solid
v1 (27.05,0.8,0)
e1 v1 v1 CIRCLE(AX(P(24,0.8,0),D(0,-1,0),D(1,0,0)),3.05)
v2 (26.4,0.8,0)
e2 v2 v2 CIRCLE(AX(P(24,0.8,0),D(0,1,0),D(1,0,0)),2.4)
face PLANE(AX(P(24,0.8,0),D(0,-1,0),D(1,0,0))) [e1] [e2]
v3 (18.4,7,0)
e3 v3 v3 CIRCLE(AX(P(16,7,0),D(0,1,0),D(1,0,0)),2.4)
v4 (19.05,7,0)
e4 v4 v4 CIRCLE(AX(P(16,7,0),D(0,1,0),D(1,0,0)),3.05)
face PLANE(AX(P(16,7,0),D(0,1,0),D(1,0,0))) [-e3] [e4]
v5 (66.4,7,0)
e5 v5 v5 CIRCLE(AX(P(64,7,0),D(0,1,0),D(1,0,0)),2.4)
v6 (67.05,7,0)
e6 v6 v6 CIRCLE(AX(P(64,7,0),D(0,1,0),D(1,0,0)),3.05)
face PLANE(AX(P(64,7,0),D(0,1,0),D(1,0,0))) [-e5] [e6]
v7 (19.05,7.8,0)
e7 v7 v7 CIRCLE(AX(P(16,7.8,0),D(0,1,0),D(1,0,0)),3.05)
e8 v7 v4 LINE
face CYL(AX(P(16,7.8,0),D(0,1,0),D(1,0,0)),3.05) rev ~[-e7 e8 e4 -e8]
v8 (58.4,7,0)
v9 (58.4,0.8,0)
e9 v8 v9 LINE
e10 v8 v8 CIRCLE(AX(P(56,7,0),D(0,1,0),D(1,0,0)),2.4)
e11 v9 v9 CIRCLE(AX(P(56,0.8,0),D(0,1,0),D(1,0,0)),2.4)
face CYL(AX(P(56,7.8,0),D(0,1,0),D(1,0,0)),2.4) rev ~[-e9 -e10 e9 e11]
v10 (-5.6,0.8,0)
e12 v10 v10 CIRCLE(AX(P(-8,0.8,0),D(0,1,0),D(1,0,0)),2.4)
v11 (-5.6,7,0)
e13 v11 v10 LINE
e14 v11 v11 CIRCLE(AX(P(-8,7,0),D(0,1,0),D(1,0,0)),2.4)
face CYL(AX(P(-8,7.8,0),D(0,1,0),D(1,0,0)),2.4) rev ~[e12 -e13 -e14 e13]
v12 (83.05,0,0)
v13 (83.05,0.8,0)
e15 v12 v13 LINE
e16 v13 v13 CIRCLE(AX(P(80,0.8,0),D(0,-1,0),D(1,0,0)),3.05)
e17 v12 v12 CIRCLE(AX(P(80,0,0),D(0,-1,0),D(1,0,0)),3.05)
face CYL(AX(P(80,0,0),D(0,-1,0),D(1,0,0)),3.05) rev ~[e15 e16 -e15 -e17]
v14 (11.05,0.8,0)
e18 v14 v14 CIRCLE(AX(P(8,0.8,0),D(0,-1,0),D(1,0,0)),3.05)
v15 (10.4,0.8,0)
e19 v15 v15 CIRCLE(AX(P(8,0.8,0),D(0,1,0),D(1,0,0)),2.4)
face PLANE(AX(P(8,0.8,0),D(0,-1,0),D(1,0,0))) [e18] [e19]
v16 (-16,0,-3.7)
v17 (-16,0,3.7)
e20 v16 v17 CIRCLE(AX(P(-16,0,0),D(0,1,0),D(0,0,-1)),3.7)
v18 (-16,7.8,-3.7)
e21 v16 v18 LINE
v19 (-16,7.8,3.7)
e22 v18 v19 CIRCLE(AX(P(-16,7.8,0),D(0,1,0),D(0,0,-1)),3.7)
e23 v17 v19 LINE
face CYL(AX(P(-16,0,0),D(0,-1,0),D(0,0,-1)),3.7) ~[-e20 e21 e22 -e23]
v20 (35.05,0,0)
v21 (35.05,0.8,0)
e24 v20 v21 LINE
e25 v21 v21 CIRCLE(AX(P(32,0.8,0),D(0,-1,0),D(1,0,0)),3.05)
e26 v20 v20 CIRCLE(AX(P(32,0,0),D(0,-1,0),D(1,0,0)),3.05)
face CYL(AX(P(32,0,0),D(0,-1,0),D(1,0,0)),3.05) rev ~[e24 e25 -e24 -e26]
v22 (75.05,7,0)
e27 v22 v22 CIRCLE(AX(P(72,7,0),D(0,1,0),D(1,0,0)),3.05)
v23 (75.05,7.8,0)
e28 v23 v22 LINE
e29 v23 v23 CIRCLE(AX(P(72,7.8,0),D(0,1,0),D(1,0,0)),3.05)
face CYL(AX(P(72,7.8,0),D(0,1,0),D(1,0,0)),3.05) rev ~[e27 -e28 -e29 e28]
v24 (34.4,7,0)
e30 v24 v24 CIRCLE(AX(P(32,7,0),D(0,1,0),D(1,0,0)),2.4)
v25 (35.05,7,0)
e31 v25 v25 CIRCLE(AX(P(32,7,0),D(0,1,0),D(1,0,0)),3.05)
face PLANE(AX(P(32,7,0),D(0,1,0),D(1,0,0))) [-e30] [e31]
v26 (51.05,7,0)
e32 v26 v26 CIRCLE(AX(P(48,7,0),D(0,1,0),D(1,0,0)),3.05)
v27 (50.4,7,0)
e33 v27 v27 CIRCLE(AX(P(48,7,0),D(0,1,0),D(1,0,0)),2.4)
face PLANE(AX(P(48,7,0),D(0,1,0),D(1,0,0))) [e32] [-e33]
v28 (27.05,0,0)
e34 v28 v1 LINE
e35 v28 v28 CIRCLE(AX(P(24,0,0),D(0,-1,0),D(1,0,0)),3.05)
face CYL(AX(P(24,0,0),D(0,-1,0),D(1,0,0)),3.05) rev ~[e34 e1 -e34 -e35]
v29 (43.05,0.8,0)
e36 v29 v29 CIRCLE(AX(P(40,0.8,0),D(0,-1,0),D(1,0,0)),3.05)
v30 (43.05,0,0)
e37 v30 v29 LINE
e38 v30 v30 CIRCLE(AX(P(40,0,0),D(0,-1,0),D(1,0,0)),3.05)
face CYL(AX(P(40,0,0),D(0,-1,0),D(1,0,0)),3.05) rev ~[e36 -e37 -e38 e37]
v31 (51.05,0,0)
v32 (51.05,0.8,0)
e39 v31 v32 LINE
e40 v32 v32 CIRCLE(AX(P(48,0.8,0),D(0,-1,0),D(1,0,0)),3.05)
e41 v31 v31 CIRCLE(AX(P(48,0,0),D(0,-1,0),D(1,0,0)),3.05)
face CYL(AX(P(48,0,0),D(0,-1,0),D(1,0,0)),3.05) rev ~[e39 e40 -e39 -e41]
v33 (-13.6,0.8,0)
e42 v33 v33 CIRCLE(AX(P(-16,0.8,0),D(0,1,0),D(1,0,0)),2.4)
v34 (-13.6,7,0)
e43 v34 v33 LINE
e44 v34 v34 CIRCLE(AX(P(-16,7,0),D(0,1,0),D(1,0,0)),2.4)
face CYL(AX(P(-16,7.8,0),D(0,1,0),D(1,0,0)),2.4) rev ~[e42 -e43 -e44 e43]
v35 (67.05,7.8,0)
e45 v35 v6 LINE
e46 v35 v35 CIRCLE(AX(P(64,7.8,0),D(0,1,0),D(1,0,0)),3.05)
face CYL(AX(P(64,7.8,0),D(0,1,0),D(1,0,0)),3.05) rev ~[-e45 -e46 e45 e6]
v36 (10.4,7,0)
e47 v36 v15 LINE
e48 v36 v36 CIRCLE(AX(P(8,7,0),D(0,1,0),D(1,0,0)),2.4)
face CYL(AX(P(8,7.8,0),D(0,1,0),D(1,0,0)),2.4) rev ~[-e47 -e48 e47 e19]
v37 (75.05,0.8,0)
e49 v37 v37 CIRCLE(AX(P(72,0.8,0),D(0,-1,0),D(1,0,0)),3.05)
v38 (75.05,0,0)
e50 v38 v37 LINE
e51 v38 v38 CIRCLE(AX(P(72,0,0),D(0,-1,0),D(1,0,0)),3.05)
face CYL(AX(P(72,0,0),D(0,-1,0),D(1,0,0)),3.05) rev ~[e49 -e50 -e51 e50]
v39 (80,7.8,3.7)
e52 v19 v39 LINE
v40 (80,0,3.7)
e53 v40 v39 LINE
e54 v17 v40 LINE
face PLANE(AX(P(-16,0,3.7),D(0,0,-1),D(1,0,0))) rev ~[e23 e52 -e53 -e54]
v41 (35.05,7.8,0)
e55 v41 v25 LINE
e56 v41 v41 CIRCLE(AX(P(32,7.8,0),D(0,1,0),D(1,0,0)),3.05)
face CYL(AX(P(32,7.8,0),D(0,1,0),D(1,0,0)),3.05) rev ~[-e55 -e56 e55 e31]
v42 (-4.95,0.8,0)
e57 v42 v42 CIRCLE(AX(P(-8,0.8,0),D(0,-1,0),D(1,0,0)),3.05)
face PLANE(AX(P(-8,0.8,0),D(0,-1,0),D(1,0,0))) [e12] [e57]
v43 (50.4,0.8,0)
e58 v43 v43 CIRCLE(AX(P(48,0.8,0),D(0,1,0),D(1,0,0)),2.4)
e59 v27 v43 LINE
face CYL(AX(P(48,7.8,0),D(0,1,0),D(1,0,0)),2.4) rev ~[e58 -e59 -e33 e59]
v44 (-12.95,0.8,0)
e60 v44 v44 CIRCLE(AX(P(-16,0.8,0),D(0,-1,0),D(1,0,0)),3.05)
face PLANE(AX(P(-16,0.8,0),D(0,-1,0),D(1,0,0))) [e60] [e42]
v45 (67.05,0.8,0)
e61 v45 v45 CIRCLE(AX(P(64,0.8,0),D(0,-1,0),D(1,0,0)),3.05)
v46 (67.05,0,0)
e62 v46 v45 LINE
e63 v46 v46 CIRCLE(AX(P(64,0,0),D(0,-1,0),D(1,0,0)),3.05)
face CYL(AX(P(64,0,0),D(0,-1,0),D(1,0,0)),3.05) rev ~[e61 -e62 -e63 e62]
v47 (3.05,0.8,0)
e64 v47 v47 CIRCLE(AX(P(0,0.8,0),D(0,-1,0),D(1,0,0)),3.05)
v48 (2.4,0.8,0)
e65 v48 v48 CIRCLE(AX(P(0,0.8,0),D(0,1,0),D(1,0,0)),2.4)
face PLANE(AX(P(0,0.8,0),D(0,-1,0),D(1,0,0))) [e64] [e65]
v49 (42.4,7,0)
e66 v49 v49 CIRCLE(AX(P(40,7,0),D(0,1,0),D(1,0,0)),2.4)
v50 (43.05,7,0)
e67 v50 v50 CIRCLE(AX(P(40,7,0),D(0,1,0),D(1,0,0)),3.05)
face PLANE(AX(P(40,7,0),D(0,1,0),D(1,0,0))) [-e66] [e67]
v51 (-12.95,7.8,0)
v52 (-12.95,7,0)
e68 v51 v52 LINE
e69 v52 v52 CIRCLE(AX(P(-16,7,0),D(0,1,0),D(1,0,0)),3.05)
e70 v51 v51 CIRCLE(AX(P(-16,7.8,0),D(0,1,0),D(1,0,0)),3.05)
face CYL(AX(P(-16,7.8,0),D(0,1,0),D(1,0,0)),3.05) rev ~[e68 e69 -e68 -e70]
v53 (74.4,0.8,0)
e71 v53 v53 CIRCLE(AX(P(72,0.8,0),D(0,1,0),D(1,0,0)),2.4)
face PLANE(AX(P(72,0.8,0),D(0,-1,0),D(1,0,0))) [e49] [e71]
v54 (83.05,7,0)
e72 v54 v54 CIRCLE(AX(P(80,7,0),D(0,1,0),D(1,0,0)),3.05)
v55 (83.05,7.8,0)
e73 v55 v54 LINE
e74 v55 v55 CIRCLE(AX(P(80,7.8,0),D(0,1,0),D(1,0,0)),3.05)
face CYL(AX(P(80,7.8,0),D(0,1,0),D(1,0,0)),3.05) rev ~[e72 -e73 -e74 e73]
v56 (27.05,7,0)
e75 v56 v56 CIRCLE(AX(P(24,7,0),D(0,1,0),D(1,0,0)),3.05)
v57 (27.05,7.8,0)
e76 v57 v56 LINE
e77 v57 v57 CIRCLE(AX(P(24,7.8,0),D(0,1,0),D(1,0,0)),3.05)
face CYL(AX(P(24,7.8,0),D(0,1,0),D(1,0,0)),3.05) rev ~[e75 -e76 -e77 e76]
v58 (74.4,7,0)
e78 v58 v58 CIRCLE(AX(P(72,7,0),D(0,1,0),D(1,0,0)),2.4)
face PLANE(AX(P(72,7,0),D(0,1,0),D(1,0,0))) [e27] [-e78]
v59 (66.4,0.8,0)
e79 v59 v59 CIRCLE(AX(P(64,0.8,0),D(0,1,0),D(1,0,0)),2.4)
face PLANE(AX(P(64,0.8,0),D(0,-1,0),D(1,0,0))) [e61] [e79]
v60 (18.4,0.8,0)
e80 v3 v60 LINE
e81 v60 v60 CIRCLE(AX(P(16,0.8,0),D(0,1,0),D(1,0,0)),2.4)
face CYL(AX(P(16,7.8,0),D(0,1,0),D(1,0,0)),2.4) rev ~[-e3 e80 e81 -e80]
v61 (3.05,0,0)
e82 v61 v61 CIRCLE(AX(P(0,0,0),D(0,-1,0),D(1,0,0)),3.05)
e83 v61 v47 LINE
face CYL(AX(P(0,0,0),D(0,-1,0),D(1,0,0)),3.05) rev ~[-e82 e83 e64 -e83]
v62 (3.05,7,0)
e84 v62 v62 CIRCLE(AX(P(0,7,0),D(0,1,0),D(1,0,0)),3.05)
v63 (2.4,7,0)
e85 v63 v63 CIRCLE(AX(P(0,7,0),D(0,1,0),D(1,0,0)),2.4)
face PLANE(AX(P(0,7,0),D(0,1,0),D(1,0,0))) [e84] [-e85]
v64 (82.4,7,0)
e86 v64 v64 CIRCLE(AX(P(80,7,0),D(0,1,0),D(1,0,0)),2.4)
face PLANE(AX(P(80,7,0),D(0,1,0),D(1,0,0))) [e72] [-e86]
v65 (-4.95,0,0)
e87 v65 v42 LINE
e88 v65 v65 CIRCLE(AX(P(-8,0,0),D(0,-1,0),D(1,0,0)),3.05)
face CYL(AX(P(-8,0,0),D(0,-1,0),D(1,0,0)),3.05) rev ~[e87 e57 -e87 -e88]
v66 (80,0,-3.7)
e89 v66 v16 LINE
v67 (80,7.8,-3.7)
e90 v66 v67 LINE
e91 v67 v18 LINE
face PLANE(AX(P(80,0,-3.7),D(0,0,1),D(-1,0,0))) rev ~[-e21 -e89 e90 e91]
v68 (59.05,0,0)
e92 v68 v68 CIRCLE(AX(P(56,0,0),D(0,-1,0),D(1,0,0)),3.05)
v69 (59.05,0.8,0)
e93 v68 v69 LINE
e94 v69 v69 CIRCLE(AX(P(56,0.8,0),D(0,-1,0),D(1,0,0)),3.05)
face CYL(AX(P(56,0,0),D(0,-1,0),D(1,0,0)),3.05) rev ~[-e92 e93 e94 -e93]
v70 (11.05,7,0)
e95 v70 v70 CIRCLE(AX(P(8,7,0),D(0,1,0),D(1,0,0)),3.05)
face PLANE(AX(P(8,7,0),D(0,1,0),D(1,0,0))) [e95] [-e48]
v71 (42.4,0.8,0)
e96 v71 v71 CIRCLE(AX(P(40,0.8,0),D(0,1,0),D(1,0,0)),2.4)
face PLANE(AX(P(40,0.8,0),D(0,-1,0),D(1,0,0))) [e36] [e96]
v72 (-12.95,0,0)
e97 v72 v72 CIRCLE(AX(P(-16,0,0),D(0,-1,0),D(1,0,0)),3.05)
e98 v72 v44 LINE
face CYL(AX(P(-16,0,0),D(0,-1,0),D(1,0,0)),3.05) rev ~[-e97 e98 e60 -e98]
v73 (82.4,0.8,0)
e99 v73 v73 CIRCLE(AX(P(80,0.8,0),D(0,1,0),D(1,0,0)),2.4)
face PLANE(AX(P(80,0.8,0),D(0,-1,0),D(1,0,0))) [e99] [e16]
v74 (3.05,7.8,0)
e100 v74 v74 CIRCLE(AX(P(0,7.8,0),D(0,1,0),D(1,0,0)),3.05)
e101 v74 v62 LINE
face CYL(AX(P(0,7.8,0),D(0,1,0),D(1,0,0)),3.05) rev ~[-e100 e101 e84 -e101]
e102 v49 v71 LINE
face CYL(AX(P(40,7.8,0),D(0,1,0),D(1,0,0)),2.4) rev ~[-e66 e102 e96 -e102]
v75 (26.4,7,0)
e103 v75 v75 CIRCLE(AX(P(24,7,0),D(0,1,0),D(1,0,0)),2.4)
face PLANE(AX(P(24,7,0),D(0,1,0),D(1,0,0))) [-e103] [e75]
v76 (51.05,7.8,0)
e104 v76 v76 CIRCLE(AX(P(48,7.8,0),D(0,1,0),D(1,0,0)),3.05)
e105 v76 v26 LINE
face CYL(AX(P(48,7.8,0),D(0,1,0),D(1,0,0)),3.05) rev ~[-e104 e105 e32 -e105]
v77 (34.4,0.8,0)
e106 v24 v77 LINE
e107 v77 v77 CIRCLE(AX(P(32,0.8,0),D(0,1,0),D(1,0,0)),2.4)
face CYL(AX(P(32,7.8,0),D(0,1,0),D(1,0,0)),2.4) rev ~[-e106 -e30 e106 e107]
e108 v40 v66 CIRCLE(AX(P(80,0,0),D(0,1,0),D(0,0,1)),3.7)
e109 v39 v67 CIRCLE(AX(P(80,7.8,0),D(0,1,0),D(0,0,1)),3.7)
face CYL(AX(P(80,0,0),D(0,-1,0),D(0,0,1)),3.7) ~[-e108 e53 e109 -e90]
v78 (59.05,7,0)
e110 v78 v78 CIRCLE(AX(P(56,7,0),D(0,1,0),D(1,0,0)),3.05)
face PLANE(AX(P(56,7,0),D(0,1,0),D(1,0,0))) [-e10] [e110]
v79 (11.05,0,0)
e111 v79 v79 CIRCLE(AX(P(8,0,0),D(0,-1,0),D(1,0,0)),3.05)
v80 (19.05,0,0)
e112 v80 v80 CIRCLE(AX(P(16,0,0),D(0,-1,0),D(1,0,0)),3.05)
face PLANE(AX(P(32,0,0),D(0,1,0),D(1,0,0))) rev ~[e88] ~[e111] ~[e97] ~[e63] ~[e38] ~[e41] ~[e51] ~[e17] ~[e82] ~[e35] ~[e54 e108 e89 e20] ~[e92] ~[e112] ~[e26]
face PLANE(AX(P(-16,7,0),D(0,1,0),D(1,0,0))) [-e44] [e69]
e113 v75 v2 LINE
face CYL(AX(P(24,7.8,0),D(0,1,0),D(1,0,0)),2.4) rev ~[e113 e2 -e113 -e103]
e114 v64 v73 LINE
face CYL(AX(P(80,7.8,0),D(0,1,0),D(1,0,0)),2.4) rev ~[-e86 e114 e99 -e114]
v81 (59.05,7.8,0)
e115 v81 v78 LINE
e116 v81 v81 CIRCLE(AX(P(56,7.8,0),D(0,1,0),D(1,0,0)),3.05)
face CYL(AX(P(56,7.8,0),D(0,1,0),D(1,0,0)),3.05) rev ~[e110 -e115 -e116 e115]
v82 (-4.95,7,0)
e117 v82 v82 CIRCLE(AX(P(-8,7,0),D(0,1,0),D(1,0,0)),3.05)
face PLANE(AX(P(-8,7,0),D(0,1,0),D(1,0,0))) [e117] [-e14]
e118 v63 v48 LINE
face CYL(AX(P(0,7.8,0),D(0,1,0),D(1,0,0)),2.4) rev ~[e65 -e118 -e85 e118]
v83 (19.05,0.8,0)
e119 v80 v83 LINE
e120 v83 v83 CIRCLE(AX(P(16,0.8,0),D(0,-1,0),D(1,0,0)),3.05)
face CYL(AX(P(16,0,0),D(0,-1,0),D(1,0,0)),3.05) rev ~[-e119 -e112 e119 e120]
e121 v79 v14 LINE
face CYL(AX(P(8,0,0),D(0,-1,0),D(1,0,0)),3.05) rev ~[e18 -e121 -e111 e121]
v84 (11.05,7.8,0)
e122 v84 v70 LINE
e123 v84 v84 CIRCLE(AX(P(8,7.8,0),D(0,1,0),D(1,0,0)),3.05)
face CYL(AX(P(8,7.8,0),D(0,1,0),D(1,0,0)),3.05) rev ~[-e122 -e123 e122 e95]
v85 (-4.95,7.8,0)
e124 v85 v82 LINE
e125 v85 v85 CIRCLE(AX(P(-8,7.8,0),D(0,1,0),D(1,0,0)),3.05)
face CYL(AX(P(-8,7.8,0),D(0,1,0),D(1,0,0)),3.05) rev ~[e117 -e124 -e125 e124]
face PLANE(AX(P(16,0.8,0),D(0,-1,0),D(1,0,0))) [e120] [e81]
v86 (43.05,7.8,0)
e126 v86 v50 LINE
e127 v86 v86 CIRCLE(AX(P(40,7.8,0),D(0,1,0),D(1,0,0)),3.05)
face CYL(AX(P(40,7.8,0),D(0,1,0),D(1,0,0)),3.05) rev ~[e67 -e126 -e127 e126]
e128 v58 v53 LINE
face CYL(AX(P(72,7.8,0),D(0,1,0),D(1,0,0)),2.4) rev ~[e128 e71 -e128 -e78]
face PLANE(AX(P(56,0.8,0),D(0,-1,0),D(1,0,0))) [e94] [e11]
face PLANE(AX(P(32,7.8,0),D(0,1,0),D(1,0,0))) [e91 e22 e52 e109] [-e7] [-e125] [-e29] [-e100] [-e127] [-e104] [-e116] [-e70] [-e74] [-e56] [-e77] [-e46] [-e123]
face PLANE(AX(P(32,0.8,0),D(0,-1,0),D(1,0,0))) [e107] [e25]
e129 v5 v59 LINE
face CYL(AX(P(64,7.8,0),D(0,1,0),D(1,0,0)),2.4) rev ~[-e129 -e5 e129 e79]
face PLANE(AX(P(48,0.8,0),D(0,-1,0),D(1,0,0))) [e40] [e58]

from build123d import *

# Parameters (mm, degrees)
BOSS_EXTRUDE3_DEPTH = 7.8
SKETCH2_R           = 2.4
CUT_EXTRUDE4_DEPTH  = 7.8
SKETCH3_R           = 3.05
CUT_EXTRUDE5_DEPTH  = 0.8
SKETCH4_R           = 3.05
CUT_EXTRUDE6_DEPTH  = 0.8


with BuildPart() as part:
    # Sketch1 → Boss-Extrude3 (new body)
    with BuildSketch(Plane(origin=(0, 0, 0), x_dir=(1, 0, 0), z_dir=(0, 1, 0))):
        with BuildLine():
            Line((-16, -3.7), (80, -3.7))
            ThreePointArc((80, -3.7), (83.7, 0), (80, 3.7))
            Line((80, 3.7), (-16, 3.7))
            ThreePointArc((-16, 3.7), (-19.7, 0), (-16, -3.7))
        make_face()
    extrude(amount=BOSS_EXTRUDE3_DEPTH)

    # Sketch2 → Cut-Extrude4 (cut)
    with BuildSketch(Plane(origin=(0, 7.8, 0), x_dir=(1, 0, 0), z_dir=(0, 1, 0))):
        Circle(SKETCH2_R)
        with Locations((8, 0)):
            Circle(SKETCH2_R)
        with Locations((16, 0)):
            Circle(SKETCH2_R)
        with Locations((-16, 0)):
            Circle(SKETCH2_R)
        with Locations((-8, 0)):
            Circle(SKETCH2_R)
        with Locations((24, 0)):
            Circle(SKETCH2_R)
        with Locations((32, 0)):
            Circle(SKETCH2_R)
        with Locations((40, 0)):
            Circle(SKETCH2_R)
        with Locations((48, 0)):
            Circle(SKETCH2_R)
        with Locations((56, 0)):
            Circle(SKETCH2_R)
        with Locations((64, 0)):
            Circle(SKETCH2_R)
        with Locations((72, 0)):
            Circle(SKETCH2_R)
        with Locations((80, 0)):
            Circle(SKETCH2_R)
    extrude(amount=-CUT_EXTRUDE4_DEPTH, mode=Mode.SUBTRACT)

    # Sketch3 → Cut-Extrude5 (cut)
    with BuildSketch(Plane(origin=(0, 7.8, 0), x_dir=(1, 0, 0), z_dir=(0, 1, 0))):
        Circle(SKETCH3_R)
        with Locations((8, 0)):
            Circle(SKETCH3_R)
        with Locations((16, 0)):
            Circle(SKETCH3_R)
        with Locations((-16, 0)):
            Circle(SKETCH3_R)
        with Locations((-8, 0)):
            Circle(SKETCH3_R)
        with Locations((32, 0)):
            Circle(SKETCH3_R)
        with Locations((24, 0)):
            Circle(SKETCH3_R)
        with Locations((40, 0)):
            Circle(SKETCH3_R)
        with Locations((48, 0)):
            Circle(SKETCH3_R)
        with Locations((56, 0)):
            Circle(SKETCH3_R)
        with Locations((64, 0)):
            Circle(SKETCH3_R)
        with Locations((72, 0)):
            Circle(SKETCH3_R)
        with Locations((80, 0)):
            Circle(SKETCH3_R)
    extrude(amount=-CUT_EXTRUDE5_DEPTH, mode=Mode.SUBTRACT)

    # Sketch4 → Cut-Extrude6 (cut)
    with BuildSketch(Plane.XZ):
        Circle(SKETCH4_R)
        with Locations((8, 0)):
            Circle(SKETCH4_R)
        with Locations((16, 0)):
            Circle(SKETCH4_R)
        with Locations((-16, 0)):
            Circle(SKETCH4_R)
        with Locations((-8, 0)):
            Circle(SKETCH4_R)
        with Locations((32, 0)):
            Circle(SKETCH4_R)
        with Locations((24, 0)):
            Circle(SKETCH4_R)
        with Locations((40, 0)):
            Circle(SKETCH4_R)
        with Locations((48, 0)):
            Circle(SKETCH4_R)
        with Locations((56, 0)):
            Circle(SKETCH4_R)
        with Locations((64, 0)):
            Circle(SKETCH4_R)
        with Locations((72, 0)):
            Circle(SKETCH4_R)
        with Locations((80, 0)):
            Circle(SKETCH4_R)
    extrude(amount=-CUT_EXTRUDE6_DEPTH, mode=Mode.SUBTRACT)


solid = part.part
